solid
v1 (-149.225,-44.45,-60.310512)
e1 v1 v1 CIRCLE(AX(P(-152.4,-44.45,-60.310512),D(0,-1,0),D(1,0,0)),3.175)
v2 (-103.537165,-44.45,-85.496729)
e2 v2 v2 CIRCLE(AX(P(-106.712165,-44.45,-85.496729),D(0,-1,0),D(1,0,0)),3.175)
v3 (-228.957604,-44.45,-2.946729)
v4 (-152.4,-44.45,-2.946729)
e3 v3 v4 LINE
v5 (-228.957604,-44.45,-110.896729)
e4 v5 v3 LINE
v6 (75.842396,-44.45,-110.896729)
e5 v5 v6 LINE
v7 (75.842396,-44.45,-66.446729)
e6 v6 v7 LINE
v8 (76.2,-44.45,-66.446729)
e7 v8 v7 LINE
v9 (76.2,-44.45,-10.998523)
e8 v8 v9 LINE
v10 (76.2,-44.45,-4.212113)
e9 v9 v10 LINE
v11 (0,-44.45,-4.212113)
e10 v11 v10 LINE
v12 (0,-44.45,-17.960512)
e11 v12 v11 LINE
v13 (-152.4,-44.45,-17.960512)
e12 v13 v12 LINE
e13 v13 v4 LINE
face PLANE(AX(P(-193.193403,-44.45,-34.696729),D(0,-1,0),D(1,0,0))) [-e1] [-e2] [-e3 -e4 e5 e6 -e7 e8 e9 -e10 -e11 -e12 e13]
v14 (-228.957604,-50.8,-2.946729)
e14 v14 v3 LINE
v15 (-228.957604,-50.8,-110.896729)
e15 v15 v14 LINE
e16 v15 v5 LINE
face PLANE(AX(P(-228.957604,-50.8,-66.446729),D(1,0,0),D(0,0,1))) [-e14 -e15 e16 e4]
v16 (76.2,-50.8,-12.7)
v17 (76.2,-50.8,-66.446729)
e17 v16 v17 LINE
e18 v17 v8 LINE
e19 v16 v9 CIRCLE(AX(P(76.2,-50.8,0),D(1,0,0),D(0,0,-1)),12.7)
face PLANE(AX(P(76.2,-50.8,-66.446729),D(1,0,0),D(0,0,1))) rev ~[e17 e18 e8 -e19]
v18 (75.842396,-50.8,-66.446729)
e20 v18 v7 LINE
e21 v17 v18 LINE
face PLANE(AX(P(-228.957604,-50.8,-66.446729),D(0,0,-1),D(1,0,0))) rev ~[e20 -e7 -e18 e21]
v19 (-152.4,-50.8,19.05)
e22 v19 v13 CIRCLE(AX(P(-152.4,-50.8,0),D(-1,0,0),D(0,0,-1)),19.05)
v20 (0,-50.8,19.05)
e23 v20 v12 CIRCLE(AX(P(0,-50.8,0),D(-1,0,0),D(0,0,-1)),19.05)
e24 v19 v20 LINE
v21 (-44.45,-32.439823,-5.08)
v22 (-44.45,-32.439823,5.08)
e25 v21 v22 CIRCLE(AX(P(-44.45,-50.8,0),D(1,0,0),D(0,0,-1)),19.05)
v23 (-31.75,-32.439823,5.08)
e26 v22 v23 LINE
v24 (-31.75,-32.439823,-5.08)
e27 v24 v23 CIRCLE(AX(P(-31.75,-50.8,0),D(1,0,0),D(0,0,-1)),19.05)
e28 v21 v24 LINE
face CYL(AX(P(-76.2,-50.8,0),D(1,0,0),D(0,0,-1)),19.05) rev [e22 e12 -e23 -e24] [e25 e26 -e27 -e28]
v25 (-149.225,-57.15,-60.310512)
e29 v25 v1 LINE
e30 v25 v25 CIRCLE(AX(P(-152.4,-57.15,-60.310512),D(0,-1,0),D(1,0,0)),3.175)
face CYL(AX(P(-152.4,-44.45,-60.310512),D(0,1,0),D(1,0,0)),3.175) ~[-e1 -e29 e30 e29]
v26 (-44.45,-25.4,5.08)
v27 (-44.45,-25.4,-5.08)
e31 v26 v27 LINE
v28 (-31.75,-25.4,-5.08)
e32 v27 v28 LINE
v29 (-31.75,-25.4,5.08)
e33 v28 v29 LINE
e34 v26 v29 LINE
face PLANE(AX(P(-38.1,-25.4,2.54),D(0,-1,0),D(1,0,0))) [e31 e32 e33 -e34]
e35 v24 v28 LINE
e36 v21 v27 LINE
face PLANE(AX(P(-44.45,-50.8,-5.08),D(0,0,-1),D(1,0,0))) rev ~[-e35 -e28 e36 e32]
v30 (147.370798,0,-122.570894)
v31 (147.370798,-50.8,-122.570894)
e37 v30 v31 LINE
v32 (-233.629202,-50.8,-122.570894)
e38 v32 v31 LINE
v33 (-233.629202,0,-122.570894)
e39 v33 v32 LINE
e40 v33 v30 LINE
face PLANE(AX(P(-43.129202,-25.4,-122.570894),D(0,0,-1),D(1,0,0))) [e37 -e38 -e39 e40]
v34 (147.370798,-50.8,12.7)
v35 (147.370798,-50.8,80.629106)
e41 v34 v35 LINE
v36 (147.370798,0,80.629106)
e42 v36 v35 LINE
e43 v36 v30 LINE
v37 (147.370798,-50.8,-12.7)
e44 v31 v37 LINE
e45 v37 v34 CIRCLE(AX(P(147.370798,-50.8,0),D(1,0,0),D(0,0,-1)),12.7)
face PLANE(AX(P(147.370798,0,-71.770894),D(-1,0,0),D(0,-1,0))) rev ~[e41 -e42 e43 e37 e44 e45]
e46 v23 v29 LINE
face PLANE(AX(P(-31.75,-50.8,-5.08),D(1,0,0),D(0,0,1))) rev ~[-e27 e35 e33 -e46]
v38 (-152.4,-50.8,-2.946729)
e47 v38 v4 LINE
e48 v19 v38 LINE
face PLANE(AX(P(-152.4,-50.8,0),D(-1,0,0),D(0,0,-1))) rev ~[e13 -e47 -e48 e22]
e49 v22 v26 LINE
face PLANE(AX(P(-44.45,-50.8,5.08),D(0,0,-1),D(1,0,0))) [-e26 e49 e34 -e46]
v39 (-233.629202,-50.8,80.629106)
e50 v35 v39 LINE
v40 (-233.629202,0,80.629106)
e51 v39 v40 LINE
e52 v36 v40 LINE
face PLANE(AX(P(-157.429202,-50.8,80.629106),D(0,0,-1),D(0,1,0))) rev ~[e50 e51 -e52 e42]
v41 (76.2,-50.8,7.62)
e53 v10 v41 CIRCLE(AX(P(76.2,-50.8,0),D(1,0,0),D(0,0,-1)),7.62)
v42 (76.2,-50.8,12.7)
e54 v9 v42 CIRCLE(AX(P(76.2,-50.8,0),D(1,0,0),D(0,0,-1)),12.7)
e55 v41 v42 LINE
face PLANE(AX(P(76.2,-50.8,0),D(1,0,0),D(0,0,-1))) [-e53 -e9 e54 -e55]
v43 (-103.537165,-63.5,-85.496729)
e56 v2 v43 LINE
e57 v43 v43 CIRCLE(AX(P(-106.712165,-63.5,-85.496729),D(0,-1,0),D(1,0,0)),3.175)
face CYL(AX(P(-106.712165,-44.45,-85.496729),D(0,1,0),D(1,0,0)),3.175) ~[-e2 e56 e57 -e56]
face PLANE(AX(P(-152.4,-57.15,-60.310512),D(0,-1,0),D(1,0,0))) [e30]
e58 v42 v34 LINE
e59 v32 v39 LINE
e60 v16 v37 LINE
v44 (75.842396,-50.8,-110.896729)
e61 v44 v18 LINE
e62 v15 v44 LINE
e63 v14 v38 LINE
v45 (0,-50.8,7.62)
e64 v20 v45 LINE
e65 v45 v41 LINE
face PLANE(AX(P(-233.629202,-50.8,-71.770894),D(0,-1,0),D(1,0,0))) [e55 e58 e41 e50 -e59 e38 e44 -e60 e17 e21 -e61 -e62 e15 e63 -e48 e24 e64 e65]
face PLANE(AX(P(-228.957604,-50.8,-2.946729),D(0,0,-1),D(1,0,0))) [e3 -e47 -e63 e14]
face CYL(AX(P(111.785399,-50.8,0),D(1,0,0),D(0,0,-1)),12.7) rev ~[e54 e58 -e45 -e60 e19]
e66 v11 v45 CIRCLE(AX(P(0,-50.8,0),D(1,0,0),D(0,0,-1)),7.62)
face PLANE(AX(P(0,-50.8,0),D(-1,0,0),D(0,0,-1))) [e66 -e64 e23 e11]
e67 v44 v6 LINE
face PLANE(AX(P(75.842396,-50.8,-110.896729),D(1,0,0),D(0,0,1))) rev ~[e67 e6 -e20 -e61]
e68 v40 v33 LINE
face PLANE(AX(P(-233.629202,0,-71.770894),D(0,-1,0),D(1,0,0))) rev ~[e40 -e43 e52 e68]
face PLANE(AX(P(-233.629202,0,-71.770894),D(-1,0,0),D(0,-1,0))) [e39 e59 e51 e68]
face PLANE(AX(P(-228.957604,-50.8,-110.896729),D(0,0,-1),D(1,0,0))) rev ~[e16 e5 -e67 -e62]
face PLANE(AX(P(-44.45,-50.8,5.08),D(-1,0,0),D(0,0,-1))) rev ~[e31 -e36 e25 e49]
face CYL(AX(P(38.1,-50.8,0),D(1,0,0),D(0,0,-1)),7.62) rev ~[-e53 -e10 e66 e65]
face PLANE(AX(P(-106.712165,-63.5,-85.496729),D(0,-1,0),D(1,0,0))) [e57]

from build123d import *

# Parameters (mm, degrees)
F0_W      = 304.8
F0_H      = 152.4
F1_DEPTH  = 50.8
F2_W      = 152.4
F2_H      = 19.05
F4_W      = 12.7
F4_H      = 5.08
F5_DEPTH  = 25.4
F6_W      = 76.2
F6_H      = 7.62
F9_W      = 228.6
F9_H      = 63.5
F9_W_2    = 14.362933135
F10_DEPTH = 6.35
F8_W      = 6.35
F8_H      = 152.4
F8_W_2    = 44.45
F11_DEPTH = 76.2
F12_W     = 71.5284022924
F12_H     = 63.5
F13_DEPTH = 6.35
F14_R     = 3.175
F15_DEPTH = 12.7
F16_W     = 381
F16_H     = 50.8
F17_DEPTH = 50.8
F18_W     = 304.8
F18_H     = 44.45
F19_DEPTH = 6.35
F20_R     = 3.175
F21_DEPTH = 19.05
F22_W     = 71.1707984924
F22_H     = 12.7
F24_DEPTH = 6.35


with BuildPart() as f1:
    # F0 (on Front) → F1 (new body)
    with BuildSketch(Plane.XZ):
        with Locations((-5.0292015076, 4.4291064884)):
            Rectangle(F0_W, F0_H)
    extrude(amount=F1_DEPTH)

    # F2 (on face) → F3 (revolve, cut)
    with BuildSketch(Plane.XZ.offset(50.8)):
        with Locations((-76.2, -9.525)):
            Rectangle(F2_W, F2_H)
    revolve(axis=Axis((-76.2, -50.8, 0), (-1, 0, 0)), mode=Mode.SUBTRACT)

    # F4 (on face) → F5 (cut)
    with BuildSketch(Plane.XZ.offset(50.8)):
        with Locations((-38.1, 2.54)):
            Rectangle(F4_W, F4_H)
        with Locations((-38.1, -2.54)):
            Rectangle(F4_W, F4_H)
    extrude(amount=-F5_DEPTH, mode=Mode.SUBTRACT)

    # F6 (on face) → F7 (revolve, cut)
    with BuildSketch(Plane.XZ.offset(50.8)):
        with Locations((38.1, -3.81)):
            Rectangle(F6_W, F6_H)
    revolve(axis=Axis((38.1, -50.8, 0), (1, 0, 0)), mode=Mode.SUBTRACT)

    # F9 (on face) → F10 (cut)
    with BuildSketch(Plane.XZ.offset(50.8)):
        with Locations((-38.1, -34.6967290044)):
            Rectangle(F9_W, F9_H)
        with Locations((-159.5814665675, -34.6967290044)):
            Rectangle(F9_W_2, F9_H)
    extrude(amount=-F10_DEPTH, mode=Mode.SUBTRACT)

    # F8 (on face) → F11 (join)
    with BuildSketch(Plane(origin=(-157.4292015076, 0, 0), x_dir=(0, -1, 0), z_dir=(-1, 0, 0))):
        with Locations((47.625, 4.4291064884)):
            Rectangle(F8_W, F8_H)
        with Locations((22.225, 4.4291064884)):
            Rectangle(F8_W_2, F8_H)
    extrude(amount=F11_DEPTH)

    # F12 (on face) → F13 (cut)
    with BuildSketch(Plane.XZ.offset(50.8)):
        with Locations((-193.1934026538, -34.6967290044)):
            Rectangle(F12_W, F12_H)
    extrude(amount=-F13_DEPTH, mode=Mode.SUBTRACT)

    # F14 (on face) → F15 (join)
    with BuildSketch(Plane.XZ.offset(44.45)):
        with Locations((-152.4, -60.3105122421)):
            Circle(F14_R)
    extrude(amount=F15_DEPTH)

    # F16 (on face) → F17 (join)
    with BuildSketch(Plane(origin=(0, 0, -71.7708935116), x_dir=(1, 0, 0), z_dir=(0, 0, -1))):
        with Locations((-43.1292015076, 25.4)):
            Rectangle(F16_W, F16_H)
    extrude(amount=F17_DEPTH)

    # F18 (on face) → F19 (cut)
    with BuildSketch(Plane.XZ.offset(50.8)):
        with Locations((-76.5576038, -88.6717290044)):
            Rectangle(F18_W, F18_H)
    extrude(amount=-F19_DEPTH, mode=Mode.SUBTRACT)

    # F20 (on face) → F21 (join)
    with BuildSketch(Plane.XZ.offset(44.45)):
        with Locations((-106.7121654678, -85.4967290044)):
            Circle(F20_R)
    extrude(amount=F21_DEPTH)

    # F22 (on face) → F23 (revolve, cut)
    with BuildSketch(Plane.XZ.offset(50.8)):
        with Locations((111.7853992462, -6.35)):
            Rectangle(F22_W, F22_H)
    revolve(axis=Axis((111.7853992462, -50.8, 0), (1, 0, 0)), mode=Mode.SUBTRACT)

    # F14 (on face) → F24 (join)
    with BuildSketch(Plane.XZ.offset(44.45)):
        with Locations((-152.4, -60.3105122421)):
            Circle(F14_R)
    extrude(amount=F24_DEPTH)


solid = f1.part
